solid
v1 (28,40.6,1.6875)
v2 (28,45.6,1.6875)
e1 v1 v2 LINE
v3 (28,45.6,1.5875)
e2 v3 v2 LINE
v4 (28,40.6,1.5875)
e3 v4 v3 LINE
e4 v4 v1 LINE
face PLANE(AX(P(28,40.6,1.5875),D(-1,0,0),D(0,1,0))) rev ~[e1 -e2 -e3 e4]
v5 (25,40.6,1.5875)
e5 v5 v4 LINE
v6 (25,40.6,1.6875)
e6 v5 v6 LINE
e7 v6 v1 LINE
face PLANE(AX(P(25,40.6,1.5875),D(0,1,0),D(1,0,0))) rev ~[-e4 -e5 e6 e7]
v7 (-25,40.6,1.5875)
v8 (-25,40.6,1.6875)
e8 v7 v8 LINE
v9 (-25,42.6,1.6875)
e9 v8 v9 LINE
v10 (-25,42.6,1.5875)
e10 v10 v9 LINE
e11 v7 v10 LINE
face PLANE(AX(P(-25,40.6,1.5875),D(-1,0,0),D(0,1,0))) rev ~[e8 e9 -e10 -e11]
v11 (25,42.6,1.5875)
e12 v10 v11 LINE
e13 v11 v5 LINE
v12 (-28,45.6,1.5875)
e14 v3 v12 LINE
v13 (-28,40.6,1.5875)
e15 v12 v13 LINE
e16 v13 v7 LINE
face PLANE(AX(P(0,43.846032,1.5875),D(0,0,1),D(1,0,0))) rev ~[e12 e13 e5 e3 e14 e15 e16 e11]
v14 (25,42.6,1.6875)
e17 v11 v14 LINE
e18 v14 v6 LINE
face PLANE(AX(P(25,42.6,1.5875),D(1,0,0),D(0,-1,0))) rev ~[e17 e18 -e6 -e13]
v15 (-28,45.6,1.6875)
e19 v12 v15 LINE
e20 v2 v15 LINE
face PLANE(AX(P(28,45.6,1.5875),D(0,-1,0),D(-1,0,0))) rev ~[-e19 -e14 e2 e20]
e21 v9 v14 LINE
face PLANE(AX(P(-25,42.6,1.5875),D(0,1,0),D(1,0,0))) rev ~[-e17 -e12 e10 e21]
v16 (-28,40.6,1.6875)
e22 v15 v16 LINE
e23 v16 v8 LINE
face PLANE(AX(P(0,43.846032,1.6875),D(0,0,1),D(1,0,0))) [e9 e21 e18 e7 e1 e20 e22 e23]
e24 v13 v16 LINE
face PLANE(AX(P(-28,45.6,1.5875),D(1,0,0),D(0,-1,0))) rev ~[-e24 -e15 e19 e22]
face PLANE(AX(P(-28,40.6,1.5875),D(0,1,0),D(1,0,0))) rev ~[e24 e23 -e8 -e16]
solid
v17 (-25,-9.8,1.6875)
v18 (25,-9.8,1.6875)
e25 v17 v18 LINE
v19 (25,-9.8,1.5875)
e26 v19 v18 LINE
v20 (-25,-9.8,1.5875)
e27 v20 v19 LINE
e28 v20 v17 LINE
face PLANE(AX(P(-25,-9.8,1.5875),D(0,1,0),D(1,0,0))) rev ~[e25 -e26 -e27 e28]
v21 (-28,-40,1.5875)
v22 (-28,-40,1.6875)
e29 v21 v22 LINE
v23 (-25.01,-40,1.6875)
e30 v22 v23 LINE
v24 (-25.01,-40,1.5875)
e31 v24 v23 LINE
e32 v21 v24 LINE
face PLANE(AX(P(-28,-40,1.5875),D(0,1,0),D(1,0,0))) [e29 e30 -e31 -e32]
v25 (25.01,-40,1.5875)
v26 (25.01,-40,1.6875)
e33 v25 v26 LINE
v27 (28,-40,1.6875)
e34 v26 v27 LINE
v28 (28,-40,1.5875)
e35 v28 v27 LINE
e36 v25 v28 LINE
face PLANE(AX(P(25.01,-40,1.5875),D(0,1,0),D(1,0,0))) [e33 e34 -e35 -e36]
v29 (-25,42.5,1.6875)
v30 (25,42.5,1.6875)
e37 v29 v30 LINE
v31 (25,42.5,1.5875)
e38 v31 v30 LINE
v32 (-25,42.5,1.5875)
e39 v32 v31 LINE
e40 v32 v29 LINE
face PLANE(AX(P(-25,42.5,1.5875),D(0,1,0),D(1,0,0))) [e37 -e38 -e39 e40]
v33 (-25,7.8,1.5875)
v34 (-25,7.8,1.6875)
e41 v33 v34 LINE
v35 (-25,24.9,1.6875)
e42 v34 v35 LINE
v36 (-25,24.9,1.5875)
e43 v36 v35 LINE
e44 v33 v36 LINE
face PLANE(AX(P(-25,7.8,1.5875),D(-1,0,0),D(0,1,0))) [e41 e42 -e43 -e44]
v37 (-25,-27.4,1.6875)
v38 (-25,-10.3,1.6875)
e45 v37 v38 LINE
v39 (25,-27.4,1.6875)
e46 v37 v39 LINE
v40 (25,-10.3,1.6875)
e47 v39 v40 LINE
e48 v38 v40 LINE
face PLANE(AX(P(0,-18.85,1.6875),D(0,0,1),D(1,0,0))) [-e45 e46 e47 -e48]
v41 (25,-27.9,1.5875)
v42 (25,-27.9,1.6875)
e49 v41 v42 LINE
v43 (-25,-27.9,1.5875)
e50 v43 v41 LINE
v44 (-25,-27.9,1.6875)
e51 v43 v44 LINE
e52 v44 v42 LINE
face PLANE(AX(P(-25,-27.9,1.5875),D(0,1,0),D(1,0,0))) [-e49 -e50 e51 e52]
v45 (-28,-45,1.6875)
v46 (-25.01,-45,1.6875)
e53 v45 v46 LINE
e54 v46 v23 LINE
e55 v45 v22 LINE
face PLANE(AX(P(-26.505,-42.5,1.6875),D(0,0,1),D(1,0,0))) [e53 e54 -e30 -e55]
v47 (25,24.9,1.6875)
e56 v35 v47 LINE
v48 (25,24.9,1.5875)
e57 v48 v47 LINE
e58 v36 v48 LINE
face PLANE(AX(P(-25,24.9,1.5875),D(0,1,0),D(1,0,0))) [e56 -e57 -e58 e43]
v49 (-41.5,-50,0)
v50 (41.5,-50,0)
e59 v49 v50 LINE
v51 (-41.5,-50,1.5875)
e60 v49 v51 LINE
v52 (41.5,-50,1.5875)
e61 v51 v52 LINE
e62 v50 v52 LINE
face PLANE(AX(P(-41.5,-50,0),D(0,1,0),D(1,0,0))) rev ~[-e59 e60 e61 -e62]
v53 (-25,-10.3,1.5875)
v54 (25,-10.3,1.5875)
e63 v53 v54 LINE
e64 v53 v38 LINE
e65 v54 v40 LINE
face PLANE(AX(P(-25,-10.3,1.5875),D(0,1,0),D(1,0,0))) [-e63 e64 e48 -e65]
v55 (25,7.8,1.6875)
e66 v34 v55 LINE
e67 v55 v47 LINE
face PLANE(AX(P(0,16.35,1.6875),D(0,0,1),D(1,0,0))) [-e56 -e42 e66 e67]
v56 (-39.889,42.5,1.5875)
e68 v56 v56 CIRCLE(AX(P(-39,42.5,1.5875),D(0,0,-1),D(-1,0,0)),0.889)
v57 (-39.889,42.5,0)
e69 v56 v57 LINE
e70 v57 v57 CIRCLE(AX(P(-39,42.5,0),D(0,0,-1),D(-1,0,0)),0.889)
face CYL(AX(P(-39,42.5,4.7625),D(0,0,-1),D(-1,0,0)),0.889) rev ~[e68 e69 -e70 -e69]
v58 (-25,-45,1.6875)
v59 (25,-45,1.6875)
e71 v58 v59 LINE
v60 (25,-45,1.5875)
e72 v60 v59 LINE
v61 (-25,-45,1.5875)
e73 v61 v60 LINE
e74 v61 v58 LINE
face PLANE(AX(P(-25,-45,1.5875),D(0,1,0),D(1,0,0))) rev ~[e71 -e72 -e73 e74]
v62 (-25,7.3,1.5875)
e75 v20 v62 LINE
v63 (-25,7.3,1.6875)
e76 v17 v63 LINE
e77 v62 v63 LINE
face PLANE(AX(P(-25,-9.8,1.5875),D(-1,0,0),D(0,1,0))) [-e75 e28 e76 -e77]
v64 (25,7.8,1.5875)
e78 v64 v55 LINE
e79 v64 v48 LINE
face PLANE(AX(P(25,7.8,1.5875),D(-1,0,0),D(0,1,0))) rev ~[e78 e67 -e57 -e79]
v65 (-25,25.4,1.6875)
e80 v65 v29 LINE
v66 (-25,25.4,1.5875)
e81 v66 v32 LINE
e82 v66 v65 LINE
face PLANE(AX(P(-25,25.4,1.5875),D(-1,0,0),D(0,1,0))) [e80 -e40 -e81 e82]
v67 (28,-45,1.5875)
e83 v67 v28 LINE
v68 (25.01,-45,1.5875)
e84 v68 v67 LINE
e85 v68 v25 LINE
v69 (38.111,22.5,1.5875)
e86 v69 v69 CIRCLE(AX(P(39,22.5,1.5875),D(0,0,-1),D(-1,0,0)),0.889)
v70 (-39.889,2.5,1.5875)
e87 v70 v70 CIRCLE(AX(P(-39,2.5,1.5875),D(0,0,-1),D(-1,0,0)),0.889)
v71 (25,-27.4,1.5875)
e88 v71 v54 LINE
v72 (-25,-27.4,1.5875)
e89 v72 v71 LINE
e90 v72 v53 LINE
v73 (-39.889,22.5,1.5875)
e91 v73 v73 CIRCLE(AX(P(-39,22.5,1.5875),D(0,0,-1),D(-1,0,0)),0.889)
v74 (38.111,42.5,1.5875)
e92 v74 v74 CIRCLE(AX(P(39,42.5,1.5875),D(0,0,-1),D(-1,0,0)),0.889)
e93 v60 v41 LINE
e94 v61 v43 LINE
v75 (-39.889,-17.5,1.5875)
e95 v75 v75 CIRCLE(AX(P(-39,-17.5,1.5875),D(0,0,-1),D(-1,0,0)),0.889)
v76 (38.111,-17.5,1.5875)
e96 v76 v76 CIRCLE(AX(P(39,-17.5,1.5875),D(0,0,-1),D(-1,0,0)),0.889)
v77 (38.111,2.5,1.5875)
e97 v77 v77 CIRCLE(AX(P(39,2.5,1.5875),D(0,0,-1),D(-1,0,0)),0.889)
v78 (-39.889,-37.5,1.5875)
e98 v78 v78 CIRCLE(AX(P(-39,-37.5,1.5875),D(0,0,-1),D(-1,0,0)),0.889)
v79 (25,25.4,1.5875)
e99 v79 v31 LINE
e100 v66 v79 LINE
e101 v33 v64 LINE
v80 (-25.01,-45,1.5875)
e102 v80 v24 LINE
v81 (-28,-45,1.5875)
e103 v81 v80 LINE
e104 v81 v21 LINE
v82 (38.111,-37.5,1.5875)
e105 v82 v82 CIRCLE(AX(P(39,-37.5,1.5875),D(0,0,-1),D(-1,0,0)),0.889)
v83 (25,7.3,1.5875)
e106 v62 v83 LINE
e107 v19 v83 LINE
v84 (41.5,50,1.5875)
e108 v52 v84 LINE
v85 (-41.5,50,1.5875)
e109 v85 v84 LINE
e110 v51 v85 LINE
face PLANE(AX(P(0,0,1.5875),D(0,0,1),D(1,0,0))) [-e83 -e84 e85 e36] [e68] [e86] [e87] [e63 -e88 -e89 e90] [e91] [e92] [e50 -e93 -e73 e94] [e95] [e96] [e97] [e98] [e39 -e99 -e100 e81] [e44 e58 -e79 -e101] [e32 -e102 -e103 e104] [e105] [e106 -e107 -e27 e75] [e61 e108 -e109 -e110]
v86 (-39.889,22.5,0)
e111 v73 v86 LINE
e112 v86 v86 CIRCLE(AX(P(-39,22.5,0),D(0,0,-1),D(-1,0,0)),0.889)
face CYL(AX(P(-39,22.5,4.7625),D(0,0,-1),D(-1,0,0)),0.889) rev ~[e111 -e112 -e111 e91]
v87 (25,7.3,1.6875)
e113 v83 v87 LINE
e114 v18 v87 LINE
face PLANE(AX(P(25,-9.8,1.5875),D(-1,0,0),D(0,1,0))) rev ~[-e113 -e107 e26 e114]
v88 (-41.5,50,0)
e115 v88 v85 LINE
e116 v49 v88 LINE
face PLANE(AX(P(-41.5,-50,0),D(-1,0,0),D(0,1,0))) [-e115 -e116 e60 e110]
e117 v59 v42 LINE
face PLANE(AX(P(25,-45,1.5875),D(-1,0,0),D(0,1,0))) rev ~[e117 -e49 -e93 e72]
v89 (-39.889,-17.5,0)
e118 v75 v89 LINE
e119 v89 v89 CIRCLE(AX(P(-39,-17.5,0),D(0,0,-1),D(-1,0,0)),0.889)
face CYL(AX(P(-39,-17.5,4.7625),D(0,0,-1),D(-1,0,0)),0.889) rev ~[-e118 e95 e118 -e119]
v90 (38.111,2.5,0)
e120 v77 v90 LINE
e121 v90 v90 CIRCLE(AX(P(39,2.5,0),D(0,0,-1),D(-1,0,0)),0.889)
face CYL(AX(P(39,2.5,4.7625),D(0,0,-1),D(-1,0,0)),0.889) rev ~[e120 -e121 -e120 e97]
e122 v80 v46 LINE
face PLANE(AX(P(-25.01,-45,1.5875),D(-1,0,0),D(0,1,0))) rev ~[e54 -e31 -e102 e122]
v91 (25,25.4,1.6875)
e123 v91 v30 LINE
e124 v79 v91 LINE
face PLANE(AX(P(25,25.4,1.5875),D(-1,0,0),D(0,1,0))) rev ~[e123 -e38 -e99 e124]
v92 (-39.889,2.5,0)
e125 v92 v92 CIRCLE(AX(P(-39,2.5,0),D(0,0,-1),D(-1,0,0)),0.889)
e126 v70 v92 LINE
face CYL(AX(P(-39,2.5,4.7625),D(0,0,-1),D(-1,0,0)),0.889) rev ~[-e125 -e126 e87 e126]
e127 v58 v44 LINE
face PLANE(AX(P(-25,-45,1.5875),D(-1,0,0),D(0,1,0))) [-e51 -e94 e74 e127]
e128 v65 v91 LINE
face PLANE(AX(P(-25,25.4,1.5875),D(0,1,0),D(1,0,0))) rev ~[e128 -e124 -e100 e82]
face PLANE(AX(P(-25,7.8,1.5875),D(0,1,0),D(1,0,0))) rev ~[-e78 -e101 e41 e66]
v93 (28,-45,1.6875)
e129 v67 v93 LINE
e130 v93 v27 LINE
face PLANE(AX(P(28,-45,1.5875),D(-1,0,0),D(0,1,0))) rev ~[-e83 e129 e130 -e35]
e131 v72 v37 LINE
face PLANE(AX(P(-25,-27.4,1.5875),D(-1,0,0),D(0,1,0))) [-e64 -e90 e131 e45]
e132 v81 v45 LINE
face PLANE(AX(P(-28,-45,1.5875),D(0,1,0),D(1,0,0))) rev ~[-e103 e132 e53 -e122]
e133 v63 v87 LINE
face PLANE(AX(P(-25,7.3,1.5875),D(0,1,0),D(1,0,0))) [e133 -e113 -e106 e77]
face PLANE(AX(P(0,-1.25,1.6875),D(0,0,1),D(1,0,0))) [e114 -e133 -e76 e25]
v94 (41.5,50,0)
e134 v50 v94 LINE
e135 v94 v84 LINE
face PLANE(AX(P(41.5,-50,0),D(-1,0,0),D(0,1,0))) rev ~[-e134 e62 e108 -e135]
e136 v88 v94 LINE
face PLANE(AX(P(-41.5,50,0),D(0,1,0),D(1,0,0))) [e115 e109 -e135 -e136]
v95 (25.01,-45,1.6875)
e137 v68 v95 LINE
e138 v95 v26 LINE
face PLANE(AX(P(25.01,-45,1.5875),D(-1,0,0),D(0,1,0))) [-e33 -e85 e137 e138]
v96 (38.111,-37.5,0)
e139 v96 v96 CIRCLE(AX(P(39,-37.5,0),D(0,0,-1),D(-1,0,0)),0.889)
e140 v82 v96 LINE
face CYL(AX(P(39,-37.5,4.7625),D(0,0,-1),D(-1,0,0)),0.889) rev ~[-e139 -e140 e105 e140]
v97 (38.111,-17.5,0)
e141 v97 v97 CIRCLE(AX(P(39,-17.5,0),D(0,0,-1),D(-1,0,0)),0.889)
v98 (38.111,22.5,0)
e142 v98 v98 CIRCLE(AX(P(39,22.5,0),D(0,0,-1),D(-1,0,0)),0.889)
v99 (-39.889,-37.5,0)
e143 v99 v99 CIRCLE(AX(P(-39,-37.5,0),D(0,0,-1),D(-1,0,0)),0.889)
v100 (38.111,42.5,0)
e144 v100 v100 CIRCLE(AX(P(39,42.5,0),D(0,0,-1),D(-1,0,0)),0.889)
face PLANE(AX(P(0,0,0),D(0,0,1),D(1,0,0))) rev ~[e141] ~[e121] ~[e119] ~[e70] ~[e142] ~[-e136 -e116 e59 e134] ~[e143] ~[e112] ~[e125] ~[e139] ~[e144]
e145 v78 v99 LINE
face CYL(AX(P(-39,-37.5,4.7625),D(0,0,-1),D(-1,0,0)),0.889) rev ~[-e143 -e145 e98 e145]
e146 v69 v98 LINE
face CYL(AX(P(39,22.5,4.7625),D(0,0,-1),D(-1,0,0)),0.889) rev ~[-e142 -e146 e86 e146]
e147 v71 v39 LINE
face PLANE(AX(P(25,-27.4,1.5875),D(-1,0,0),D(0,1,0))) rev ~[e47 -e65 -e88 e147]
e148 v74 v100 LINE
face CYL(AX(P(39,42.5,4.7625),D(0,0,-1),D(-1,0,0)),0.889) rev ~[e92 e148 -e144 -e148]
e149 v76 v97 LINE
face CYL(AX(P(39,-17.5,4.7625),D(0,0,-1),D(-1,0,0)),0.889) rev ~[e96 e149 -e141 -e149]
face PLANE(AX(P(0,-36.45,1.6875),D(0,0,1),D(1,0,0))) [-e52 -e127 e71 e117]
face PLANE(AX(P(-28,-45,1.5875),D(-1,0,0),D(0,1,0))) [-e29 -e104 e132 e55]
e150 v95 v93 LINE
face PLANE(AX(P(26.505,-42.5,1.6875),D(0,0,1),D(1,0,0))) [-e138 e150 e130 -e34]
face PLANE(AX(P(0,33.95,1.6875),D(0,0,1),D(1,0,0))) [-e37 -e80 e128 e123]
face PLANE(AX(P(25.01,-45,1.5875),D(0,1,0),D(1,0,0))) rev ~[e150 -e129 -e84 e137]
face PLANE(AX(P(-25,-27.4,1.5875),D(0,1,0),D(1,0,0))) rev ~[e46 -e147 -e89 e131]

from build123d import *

# Parameters (mm, degrees)
SKETCH1_W                 = 83
SKETCH1_H                 = 100
BOSS_EXTRUDE1_DEPTH       = 1.5875
F_0_CLEARANCE_HOLE1_D     = 1.778
F_0_CLEARANCE_HOLE1_DEPTH = 3.175
F_0_CLEARANCE_HOLE1_TIP   = 0.53416509
SKETCH5_W                 = 50
SKETCH5_H                 = 17.1
BOSS_EXTRUDE3_DEPTH       = 0.1
BOSS_EXTRUDE4_DEPTH       = 0.1
SKETCH7_W                 = 2.99
SKETCH7_H                 = 5
BOSS_EXTRUDE5_DEPTH       = 0.1


with BuildPart() as part:
    # Sketch1 → Boss-Extrude1 (new body)
    with BuildSketch(Plane.XY):
        Rectangle(SKETCH1_W, SKETCH1_H)
    extrude(amount=BOSS_EXTRUDE1_DEPTH)

    # #0 Clearance Hole1
    with Locations(Plane.XY.offset(1.5875)):
        with Locations((-39, 42.5), (-39, 22.5), (-39, 2.5), (-39, -17.5), (-39, -37.5), (39, -37.5), (39, -17.5), (39, 2.5), (39, 22.5), (39, 42.5)):
            Hole(F_0_CLEARANCE_HOLE1_D / 2, depth=F_0_CLEARANCE_HOLE1_DEPTH)
            with Locations((0, 0, -(F_0_CLEARANCE_HOLE1_DEPTH + F_0_CLEARANCE_HOLE1_TIP / 2))):  # 118° drill point
                Cone(0, F_0_CLEARANCE_HOLE1_D / 2, F_0_CLEARANCE_HOLE1_TIP, mode=Mode.SUBTRACT)

    # Sketch5 → Boss-Extrude3 (add)
    with BuildSketch(Plane.XY.offset(1.5875)):
        with Locations((0, 16.35)):
            Rectangle(SKETCH5_W, SKETCH5_H)
        with Locations((0, 33.95)):
            Rectangle(SKETCH5_W, SKETCH5_H)
        with Locations((0, -1.25)):
            Rectangle(SKETCH5_W, SKETCH5_H)
        with Locations((0, -18.85)):
            Rectangle(SKETCH5_W, SKETCH5_H)
        with Locations((0, -36.45)):
            Rectangle(SKETCH5_W, SKETCH5_H)
    extrude(amount=BOSS_EXTRUDE3_DEPTH)

    # Sketch7 → Boss-Extrude5 (add)
    with BuildSketch(Plane.XY.offset(1.5875)):
        with Locations((26.505, -42.5)):
            Rectangle(SKETCH7_W, SKETCH7_H)
        with Locations((-26.505, -42.5)):
            Rectangle(SKETCH7_W, SKETCH7_H)
    extrude(amount=BOSS_EXTRUDE5_DEPTH)


with BuildPart() as body_2:
    # Sketch6 → Boss-Extrude4 (new body)
    with BuildSketch(Plane.XY.offset(1.5875)):
        Polygon((-25, 42.6), (25, 42.6), (25, 40.6), (28, 40.6), (28, 42.6), (28, 45.6), (-28, 45.6), (-28, 42.6), (-28, 40.6), (-25, 40.6), align=None)
    extrude(amount=BOSS_EXTRUDE4_DEPTH)


solid = Compound([part.part, body_2.part])
